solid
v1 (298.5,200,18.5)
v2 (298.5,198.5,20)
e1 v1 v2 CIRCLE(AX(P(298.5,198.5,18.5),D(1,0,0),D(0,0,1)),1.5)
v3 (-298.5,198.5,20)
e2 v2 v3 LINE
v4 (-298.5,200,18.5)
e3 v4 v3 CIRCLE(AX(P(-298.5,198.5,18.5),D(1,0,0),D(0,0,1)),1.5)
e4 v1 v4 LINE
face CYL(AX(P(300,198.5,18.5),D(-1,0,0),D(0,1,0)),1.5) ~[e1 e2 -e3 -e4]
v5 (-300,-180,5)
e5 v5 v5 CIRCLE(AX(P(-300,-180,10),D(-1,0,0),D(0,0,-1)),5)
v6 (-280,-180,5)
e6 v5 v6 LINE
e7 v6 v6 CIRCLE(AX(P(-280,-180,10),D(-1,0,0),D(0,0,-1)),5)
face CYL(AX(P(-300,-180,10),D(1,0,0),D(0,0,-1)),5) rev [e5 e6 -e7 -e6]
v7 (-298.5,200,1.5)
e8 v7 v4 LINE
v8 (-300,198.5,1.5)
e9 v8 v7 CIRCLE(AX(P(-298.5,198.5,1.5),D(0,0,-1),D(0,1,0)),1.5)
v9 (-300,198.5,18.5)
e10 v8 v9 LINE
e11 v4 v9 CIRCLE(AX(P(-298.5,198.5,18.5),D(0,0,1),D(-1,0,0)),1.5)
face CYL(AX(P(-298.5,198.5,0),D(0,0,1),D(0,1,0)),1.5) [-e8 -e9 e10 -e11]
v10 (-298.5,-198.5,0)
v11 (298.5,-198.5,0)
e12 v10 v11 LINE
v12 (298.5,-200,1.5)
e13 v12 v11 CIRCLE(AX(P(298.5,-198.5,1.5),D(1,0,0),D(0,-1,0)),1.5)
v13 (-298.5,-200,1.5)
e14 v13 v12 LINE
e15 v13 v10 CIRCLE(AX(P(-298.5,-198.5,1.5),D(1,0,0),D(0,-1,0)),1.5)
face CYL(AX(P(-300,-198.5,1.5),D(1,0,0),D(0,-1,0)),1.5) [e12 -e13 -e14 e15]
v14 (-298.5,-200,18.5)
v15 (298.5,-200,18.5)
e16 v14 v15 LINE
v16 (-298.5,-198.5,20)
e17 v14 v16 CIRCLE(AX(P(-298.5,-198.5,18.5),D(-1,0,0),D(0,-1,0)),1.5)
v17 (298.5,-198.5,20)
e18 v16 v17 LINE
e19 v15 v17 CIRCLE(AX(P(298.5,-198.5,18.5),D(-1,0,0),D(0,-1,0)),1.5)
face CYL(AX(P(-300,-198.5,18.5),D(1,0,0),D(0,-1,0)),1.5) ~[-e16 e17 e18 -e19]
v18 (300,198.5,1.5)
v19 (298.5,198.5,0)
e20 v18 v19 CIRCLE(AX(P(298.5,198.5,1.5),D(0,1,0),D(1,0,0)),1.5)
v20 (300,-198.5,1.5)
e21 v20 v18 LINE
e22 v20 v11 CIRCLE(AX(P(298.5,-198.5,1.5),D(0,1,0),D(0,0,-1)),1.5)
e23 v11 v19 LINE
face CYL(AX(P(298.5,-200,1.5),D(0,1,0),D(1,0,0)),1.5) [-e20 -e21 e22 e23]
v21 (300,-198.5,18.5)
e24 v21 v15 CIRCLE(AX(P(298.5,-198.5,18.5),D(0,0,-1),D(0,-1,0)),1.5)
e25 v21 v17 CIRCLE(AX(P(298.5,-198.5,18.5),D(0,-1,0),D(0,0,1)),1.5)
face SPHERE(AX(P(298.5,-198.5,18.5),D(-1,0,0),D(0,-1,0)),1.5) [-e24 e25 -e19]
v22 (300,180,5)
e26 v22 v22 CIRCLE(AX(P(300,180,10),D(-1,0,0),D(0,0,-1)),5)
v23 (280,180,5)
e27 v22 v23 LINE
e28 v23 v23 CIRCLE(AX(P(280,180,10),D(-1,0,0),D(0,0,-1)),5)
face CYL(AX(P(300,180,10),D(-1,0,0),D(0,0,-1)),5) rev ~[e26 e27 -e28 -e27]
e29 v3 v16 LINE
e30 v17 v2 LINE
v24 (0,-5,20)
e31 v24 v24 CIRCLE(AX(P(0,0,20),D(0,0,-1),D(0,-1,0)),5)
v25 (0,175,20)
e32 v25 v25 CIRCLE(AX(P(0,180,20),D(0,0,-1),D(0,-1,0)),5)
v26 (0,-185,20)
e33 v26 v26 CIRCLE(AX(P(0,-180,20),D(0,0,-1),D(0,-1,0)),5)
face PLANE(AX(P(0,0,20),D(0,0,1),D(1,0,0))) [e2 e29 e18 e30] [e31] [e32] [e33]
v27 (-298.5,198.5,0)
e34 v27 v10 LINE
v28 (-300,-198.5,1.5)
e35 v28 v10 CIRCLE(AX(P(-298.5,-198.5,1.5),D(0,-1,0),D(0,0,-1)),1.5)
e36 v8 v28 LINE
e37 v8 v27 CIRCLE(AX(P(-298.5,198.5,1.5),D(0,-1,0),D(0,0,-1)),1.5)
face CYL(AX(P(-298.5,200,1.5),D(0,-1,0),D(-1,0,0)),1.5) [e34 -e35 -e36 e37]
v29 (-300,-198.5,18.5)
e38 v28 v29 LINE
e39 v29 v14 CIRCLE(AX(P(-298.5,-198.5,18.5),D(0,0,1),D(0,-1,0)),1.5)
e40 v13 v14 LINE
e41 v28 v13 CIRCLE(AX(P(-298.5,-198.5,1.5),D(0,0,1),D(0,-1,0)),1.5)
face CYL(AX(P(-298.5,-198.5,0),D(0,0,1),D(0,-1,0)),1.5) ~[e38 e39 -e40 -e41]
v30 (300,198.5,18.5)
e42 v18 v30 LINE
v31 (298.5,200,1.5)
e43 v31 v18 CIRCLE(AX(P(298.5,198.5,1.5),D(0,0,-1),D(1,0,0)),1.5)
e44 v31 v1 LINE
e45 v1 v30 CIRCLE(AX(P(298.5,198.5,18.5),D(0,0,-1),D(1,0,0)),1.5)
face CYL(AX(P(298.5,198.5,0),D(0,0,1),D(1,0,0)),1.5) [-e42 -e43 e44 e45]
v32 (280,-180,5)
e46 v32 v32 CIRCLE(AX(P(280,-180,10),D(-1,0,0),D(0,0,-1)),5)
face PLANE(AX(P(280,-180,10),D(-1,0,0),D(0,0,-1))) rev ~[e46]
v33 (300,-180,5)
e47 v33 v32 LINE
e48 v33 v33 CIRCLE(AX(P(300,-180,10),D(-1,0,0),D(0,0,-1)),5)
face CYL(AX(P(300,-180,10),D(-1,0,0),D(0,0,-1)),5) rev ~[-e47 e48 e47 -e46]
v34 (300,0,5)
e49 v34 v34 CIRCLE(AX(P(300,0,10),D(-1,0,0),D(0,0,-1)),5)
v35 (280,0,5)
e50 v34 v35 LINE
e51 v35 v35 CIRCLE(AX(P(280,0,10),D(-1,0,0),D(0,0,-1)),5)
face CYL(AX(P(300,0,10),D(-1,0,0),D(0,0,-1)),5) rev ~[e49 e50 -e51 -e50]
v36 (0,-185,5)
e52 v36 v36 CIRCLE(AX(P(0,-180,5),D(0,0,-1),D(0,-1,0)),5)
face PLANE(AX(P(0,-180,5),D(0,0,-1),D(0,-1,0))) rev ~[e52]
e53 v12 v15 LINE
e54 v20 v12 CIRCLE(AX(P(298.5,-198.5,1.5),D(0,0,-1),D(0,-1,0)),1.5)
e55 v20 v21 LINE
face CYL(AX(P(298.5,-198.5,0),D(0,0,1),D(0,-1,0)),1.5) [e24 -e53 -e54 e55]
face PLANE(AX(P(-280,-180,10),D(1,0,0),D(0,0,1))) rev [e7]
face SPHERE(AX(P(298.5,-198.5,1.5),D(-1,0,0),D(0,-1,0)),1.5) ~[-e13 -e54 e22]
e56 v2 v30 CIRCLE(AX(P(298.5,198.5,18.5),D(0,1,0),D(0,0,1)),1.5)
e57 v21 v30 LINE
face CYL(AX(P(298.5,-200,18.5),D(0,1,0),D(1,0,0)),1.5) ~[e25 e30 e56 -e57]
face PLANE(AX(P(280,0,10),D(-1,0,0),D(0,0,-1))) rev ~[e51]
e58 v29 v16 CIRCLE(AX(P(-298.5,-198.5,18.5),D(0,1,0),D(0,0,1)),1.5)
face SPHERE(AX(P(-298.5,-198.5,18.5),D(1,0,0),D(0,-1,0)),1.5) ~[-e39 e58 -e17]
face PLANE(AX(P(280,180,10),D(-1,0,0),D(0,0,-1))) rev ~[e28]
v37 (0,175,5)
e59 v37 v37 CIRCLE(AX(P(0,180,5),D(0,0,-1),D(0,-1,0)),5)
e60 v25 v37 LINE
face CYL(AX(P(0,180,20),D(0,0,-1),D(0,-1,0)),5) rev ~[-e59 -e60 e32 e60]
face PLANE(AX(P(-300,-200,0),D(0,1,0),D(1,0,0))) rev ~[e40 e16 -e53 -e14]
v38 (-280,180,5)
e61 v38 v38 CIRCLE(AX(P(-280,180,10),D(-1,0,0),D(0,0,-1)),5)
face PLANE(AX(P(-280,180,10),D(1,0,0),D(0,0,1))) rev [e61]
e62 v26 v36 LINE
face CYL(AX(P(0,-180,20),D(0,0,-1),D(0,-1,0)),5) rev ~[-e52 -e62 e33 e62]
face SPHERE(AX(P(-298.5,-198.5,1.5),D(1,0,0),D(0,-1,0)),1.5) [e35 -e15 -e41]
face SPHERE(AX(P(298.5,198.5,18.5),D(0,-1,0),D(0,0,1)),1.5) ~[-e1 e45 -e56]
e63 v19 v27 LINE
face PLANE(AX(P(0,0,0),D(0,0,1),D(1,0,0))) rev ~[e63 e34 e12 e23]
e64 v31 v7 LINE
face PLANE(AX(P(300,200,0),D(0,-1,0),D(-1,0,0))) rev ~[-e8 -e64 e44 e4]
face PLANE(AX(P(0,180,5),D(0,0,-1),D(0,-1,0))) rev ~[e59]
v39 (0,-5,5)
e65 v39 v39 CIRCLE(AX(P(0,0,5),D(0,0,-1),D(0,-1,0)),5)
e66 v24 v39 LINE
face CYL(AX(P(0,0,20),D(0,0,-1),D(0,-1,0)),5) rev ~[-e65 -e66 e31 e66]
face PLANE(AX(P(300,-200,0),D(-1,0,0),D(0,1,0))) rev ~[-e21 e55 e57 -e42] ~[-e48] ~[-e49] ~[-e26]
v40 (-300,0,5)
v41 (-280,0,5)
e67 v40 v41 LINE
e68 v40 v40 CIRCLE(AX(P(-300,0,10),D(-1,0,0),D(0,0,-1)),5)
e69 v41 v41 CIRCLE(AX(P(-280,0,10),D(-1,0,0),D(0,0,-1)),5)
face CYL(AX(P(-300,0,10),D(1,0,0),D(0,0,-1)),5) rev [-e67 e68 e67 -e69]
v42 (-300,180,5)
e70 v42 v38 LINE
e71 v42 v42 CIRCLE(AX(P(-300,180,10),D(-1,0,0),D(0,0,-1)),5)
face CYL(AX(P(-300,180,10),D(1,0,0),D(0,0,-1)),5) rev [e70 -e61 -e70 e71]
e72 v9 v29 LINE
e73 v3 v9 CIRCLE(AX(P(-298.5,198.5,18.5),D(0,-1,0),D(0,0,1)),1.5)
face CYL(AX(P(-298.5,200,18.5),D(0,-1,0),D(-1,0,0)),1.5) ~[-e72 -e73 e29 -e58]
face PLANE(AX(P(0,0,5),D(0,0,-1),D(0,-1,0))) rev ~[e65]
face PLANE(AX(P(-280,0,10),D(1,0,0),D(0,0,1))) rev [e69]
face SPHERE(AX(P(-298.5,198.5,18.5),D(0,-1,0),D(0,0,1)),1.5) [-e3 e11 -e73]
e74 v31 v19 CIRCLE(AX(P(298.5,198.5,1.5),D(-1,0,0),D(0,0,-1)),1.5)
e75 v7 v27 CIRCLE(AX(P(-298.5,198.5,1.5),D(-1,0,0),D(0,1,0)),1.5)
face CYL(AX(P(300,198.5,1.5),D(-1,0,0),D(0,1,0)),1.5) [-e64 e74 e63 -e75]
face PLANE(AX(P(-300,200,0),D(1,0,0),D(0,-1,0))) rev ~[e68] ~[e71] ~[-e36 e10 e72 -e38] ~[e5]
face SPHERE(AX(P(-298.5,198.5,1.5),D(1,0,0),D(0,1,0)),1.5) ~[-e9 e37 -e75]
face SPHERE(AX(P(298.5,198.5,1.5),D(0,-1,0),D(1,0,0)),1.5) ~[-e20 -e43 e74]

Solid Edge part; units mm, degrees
sketch "Sketch1" plane through (0, 0, 0) normal (0, 0, 1) x (1, 0, 0)
  line L0 (-300, -200) -> (300, -200)
  line L1 (300, -200) -> (300, 200)
  line L2 (300, 200) -> (-300, 200)
  line L3 (-300, 200) -> (-300, -200)
extrude "Protrusion1" add sketch "Sketch1" along normal blind 20
fillet "Round_1" radius 1.5 12 edges at (0, -200, 20) (0, -200, 0) (-300, -200, 10) (300, -200, 10) (300, 0, 20) (300, 0, 0) (-300, 0, 20) (0, 200, 20) (300, 200, 10) (0, 200, 0) (-300, 200, 10) (-300, 0, 0)
hole "Hole_1" at (0, -180, 20) direction (0, 0, -1) diameter 10 depth 15
hole "Hole1" at (0, 0, 20) direction (0, 0, -1) diameter 10 depth 15
hole "Hole2" at (0, 180, 20) direction (0, 0, -1) diameter 10 depth 15
hole "Hole_4" at (300, 0, 10) direction (-1, 0, 0) diameter 10 depth 20
hole "Hole3" at (300, 180, 10) direction (-1, 0, 0) diameter 10 depth 20
hole "Hole4" at (300, -180, 10) direction (-1, 0, 0) diameter 10 depth 20
mirror "Mirror1" about plane through (0, 0, 0) normal (1, 0, 0) of "Hole_4", "Hole3", "Hole4"
properties material "Wood, Oak"
